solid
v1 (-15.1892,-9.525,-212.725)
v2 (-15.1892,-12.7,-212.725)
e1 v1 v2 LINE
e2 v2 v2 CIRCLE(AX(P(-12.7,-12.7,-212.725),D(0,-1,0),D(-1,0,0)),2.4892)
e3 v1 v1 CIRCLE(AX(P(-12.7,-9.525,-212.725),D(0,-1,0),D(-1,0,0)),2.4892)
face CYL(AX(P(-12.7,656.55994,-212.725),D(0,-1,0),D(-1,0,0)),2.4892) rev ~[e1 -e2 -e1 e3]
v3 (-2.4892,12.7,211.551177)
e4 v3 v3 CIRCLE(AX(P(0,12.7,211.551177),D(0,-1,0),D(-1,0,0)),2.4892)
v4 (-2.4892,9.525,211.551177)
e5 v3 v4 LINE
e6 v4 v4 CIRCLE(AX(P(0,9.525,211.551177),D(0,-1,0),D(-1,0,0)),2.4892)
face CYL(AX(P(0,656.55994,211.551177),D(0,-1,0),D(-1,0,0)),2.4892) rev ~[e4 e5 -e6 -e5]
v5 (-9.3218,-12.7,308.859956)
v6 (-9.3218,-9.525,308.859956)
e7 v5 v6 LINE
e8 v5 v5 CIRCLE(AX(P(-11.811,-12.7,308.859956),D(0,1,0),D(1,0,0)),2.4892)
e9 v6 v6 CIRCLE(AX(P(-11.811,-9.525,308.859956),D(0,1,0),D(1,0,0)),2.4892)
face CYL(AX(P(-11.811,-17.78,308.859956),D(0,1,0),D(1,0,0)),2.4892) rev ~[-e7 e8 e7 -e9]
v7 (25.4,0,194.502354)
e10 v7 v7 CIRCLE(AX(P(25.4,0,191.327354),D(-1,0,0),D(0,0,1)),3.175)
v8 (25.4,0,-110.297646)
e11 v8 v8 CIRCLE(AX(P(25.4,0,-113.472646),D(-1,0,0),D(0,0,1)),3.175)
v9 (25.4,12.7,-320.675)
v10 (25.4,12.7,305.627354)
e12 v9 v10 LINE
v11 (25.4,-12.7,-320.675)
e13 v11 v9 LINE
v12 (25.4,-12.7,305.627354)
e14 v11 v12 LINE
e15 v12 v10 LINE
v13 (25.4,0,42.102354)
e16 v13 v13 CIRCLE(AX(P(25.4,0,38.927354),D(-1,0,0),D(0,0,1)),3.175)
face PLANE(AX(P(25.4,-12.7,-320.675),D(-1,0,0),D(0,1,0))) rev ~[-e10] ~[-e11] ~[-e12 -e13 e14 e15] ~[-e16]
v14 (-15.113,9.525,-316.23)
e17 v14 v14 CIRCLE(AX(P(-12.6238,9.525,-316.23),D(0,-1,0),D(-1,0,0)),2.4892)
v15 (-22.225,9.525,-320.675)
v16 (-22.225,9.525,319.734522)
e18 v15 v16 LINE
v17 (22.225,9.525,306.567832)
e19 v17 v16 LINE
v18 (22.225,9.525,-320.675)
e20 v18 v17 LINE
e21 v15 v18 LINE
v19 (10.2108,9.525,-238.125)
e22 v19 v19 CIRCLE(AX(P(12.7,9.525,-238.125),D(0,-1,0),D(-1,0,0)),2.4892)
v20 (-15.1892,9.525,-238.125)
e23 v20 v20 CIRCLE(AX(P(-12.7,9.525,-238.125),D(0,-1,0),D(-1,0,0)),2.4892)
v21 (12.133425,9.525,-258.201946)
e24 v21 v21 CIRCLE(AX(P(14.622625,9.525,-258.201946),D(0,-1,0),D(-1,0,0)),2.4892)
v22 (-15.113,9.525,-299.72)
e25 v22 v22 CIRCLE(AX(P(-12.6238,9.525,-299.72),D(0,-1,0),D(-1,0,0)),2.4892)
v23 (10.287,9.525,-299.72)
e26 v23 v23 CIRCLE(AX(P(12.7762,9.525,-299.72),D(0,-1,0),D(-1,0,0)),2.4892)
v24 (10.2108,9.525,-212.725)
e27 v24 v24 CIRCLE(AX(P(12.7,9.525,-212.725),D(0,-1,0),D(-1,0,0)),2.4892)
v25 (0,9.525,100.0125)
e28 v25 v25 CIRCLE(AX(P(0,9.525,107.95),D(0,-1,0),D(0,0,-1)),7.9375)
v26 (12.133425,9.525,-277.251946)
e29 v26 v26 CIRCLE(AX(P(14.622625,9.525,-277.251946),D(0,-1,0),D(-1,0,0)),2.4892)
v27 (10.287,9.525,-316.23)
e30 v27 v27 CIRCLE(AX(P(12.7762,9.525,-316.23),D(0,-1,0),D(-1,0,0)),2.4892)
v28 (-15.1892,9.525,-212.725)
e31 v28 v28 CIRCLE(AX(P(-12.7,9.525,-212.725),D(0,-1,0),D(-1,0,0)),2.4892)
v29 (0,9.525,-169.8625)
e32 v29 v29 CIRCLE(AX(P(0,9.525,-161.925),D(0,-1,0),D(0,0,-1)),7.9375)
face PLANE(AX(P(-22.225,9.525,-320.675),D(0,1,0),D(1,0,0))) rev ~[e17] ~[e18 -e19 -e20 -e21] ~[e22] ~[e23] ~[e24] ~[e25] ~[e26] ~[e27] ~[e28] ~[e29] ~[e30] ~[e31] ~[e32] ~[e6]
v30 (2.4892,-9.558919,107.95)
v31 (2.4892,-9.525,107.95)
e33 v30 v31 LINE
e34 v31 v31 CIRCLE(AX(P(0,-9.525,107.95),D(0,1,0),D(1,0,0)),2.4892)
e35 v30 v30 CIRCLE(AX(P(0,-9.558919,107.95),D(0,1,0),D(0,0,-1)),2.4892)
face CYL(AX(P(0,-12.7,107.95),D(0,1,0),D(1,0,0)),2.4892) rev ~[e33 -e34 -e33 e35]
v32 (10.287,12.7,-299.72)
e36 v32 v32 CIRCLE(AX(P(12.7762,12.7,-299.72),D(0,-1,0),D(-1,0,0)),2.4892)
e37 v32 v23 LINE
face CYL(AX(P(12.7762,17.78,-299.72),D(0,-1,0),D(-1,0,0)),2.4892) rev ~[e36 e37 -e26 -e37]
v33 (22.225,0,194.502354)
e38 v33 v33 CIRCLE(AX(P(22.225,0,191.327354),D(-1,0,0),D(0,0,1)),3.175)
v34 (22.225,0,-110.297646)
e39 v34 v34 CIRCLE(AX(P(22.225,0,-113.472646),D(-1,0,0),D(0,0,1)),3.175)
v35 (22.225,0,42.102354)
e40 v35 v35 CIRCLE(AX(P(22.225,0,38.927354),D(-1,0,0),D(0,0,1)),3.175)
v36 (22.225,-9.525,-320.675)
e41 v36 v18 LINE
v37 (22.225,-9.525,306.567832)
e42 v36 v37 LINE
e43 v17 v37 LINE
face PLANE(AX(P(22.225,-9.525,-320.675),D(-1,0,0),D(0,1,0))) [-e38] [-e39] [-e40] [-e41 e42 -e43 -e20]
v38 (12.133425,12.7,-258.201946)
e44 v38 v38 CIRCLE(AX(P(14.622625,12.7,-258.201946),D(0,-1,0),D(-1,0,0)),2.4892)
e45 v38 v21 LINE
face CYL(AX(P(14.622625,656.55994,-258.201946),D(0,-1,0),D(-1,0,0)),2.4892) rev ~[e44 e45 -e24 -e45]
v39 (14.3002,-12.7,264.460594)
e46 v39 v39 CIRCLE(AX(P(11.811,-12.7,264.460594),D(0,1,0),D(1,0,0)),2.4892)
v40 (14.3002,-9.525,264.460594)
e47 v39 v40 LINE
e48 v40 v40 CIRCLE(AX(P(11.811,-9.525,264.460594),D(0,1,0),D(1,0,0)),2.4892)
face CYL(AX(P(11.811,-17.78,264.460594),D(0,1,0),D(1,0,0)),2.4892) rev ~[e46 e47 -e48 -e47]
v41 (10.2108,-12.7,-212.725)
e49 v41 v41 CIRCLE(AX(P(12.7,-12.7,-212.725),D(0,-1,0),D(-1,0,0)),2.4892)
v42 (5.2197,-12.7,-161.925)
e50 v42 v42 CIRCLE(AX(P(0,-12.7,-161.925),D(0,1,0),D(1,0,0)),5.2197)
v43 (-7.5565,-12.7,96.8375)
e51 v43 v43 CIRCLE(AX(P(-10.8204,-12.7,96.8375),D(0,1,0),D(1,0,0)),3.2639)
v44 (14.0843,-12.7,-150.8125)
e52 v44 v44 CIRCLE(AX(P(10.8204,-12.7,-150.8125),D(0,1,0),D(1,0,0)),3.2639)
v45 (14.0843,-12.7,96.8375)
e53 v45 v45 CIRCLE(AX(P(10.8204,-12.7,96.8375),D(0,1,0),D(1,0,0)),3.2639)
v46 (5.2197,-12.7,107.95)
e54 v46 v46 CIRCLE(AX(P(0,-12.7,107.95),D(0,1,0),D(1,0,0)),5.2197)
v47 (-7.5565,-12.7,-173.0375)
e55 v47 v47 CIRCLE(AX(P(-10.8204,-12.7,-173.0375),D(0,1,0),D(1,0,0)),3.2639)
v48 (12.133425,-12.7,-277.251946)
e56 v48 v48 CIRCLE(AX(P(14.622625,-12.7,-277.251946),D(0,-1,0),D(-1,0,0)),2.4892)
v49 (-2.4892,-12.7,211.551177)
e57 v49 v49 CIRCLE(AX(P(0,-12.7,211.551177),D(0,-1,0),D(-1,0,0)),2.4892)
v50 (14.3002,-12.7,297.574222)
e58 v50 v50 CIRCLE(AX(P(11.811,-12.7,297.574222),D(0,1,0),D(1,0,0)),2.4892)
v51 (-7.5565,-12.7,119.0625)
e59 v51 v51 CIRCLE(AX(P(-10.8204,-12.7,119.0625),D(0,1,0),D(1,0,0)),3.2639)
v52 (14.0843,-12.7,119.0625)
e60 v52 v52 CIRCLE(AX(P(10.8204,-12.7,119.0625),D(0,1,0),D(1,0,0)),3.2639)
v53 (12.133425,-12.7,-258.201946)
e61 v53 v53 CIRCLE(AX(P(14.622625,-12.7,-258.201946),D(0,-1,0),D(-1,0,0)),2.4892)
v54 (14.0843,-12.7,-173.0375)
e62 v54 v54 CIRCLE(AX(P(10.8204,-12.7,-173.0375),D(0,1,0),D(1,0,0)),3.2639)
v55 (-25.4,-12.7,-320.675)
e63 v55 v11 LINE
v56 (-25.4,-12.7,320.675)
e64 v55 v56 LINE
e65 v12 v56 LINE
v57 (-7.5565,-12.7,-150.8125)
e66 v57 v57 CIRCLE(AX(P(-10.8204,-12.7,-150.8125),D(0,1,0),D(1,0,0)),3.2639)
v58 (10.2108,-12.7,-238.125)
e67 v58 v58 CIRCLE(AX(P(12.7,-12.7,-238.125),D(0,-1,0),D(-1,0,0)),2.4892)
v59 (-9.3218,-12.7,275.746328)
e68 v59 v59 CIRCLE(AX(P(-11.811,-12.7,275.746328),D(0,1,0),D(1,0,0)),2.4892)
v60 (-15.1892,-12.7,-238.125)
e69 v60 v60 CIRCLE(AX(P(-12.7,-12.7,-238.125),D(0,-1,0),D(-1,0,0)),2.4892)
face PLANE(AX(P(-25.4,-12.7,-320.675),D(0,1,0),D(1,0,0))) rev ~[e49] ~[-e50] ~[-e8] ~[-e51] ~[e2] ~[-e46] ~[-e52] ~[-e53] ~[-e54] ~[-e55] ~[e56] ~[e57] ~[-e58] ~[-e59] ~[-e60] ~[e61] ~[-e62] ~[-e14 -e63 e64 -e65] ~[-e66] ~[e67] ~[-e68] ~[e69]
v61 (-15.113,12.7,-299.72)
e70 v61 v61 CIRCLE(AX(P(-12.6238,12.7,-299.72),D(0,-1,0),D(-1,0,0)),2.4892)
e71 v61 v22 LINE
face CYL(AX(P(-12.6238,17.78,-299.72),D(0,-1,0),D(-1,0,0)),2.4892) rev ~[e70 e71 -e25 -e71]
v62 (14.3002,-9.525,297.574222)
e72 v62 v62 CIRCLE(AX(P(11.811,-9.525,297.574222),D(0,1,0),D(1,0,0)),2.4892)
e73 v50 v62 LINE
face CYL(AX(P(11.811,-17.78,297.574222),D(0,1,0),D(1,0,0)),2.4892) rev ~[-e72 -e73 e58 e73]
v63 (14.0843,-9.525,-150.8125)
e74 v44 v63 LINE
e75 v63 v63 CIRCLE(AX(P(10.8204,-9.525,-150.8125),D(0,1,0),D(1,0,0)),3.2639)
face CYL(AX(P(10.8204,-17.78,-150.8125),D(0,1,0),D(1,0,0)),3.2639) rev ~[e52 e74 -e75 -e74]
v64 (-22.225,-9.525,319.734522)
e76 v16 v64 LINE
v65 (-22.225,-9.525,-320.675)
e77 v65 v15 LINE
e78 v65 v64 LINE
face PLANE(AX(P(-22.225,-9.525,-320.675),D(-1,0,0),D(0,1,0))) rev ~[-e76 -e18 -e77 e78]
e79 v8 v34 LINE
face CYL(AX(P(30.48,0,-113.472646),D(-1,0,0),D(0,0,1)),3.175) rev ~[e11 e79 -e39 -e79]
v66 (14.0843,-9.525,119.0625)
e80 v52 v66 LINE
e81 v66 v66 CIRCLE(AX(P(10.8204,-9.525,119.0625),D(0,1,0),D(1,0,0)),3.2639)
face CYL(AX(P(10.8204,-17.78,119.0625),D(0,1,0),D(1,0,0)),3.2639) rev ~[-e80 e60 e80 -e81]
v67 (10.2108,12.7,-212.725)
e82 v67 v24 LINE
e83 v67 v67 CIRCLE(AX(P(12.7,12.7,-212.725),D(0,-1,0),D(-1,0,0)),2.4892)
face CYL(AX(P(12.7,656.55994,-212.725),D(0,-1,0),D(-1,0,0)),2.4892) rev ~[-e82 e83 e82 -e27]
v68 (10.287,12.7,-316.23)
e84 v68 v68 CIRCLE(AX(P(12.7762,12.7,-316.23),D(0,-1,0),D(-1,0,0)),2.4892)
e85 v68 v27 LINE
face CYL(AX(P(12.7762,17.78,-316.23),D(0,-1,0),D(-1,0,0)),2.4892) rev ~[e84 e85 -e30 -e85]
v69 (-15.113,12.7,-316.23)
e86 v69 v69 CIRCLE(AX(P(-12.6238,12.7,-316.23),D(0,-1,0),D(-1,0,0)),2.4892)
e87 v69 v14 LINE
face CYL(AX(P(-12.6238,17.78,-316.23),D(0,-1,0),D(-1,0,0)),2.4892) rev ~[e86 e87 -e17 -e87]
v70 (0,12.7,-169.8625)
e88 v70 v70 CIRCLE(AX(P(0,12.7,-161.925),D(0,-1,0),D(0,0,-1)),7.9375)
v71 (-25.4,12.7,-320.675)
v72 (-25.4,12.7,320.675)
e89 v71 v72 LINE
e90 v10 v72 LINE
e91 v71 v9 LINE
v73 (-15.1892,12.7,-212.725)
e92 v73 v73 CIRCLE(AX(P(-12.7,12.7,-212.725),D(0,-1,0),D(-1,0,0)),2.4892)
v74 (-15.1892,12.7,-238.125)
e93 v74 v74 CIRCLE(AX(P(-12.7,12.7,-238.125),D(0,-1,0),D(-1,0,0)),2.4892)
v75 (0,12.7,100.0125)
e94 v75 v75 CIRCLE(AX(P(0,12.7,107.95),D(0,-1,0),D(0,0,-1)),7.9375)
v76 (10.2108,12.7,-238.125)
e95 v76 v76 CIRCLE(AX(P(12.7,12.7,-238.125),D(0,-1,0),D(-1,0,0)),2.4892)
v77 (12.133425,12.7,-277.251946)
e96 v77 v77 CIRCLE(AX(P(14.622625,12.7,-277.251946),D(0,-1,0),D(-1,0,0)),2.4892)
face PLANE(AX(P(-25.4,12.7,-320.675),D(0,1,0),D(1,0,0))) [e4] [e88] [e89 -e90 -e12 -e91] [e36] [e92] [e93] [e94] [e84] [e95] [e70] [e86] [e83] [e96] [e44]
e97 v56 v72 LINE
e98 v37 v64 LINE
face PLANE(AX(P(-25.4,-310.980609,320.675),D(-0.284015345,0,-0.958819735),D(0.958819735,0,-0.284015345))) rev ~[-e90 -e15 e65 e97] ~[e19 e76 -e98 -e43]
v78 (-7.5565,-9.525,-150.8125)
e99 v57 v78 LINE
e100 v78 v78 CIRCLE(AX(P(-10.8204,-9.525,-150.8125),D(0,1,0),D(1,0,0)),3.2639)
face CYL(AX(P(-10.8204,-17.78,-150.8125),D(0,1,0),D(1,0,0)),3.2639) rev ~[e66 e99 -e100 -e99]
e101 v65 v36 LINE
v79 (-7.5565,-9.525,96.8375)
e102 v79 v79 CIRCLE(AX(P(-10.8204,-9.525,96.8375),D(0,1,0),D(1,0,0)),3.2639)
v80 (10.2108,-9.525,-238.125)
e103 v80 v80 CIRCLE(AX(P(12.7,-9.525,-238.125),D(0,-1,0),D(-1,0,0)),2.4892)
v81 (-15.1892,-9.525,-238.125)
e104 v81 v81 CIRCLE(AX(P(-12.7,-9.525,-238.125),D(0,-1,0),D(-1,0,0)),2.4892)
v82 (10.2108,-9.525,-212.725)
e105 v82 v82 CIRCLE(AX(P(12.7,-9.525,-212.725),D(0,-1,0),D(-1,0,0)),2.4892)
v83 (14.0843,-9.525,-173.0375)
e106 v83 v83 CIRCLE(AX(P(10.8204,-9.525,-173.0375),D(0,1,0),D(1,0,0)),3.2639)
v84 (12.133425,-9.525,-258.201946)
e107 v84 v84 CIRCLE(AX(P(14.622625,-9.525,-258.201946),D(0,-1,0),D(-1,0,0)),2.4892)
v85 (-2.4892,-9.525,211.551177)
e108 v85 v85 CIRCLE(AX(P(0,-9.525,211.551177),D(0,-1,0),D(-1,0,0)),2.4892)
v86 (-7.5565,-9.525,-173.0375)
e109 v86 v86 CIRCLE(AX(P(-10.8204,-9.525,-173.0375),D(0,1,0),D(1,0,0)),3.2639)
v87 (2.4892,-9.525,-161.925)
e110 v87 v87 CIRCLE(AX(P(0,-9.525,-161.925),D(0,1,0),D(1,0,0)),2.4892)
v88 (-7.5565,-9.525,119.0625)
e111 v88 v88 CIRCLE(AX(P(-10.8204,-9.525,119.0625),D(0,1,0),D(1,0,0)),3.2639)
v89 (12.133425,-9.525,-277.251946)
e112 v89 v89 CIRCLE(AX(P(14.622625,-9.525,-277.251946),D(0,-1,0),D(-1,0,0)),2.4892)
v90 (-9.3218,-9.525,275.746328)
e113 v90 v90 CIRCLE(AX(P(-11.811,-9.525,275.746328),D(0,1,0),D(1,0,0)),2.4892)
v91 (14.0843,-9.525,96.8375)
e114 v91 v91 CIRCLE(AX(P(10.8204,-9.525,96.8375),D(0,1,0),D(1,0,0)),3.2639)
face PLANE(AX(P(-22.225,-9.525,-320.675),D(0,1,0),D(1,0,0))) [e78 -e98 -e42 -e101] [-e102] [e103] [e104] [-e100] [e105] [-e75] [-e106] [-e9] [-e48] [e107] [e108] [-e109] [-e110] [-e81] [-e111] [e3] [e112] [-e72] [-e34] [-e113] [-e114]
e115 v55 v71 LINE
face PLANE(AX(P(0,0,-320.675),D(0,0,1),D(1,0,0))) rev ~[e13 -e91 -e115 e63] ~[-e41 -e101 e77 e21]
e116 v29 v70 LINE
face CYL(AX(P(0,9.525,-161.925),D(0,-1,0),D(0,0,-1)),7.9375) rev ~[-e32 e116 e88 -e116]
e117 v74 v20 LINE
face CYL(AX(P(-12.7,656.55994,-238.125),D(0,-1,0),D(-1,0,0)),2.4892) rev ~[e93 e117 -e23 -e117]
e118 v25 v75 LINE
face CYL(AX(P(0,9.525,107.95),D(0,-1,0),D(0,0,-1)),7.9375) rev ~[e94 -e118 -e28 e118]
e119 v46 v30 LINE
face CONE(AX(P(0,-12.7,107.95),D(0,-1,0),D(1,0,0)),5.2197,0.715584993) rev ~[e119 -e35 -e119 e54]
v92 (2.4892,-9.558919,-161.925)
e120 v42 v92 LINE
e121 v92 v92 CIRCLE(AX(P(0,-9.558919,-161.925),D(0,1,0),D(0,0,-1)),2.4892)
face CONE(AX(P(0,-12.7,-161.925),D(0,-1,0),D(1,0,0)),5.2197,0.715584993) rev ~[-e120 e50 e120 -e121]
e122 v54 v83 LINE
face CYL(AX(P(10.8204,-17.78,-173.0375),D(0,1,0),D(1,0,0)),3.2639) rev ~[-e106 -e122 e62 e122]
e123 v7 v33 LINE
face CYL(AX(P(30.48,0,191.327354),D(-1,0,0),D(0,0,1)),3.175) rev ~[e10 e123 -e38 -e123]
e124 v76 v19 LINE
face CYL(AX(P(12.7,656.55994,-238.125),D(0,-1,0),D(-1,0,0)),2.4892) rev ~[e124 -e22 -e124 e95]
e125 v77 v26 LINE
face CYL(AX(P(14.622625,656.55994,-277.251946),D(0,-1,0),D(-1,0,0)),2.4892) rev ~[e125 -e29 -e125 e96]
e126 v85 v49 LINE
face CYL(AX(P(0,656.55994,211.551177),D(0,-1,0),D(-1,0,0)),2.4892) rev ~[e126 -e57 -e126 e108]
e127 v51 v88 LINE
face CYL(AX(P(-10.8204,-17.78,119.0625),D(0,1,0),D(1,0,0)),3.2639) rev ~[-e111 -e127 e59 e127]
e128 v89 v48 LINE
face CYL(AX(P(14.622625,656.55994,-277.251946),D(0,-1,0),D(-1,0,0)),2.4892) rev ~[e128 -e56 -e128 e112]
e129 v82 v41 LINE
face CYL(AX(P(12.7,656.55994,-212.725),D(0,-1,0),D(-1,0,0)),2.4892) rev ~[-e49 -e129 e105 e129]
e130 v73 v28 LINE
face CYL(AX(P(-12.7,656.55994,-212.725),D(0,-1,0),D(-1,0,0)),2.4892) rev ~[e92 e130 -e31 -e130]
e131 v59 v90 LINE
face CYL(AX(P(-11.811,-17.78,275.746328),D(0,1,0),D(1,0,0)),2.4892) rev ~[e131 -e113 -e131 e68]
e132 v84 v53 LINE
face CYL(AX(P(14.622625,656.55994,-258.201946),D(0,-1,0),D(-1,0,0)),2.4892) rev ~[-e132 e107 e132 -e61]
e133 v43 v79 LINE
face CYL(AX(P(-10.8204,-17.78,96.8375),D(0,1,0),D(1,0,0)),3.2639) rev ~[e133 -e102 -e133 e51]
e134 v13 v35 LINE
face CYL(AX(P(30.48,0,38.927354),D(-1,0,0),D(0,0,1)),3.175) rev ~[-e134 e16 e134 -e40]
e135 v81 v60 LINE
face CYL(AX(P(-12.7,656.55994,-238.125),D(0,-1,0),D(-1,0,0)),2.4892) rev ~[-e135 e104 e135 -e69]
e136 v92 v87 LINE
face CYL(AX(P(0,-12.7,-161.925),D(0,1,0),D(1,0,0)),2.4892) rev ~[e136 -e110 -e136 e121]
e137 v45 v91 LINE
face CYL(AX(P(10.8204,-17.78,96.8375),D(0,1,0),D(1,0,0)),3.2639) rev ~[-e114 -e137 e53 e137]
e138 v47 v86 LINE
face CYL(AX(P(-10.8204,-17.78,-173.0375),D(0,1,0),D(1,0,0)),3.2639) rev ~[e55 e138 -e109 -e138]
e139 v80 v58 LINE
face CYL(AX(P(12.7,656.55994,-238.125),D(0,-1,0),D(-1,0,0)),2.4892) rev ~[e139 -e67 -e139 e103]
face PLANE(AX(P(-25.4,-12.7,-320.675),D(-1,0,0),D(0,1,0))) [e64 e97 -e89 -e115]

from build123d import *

# Parameters (mm, degrees)
BOSS_EXTRUDE1_DEPTH              = 320.675
BOSS_EXTRUDE1_DEPTH_BACK         = 320.675
SKETCH3_W                        = 50.8
SKETCH3_H                        = 25.4
SKETCH3_W_2                      = 44.45
SKETCH3_H_2                      = 19.05
CUT_EXTRUDE1_DEPTH               = 323.680609311
CUT_EXTRUDE1_DEPTH_BACK          = 323.680609311
F_10_CLEARANCE_HOLE1_D           = 4.9784
F_10_CLEARANCE_HOLE1_DEPTH       = 5.08
F_10_CLEARANCE_HOLE1_TIP         = 1.495662253
F_10_CLEARANCE_HOLE2_D           = 4.9784
F_10_CLEARANCE_HOLE2_DEPTH       = 5.08
F_10_CLEARANCE_HOLE2_TIP         = 1.495662253
F_10_CLEARANCE_HOLE3_D           = 4.9784
F_10_CLEARANCE_HOLE4_D           = 4.9784
F_1_4_CLEARANCE_HOLE1_D          = 6.5278
F_1_4_CLEARANCE_HOLE1_DEPTH      = 5.08
F_1_4_CLEARANCE_HOLE1_TIP        = 1.961148974
F_1_4_0_25_DIAMETER_HOLE1_D      = 6.35
F_1_4_0_25_DIAMETER_HOLE1_DEPTH  = 5.08
F_1_4_0_25_DIAMETER_HOLE1_TIP    = 1.907732465
F_10_CLEARANCE_HOLE5_D           = 4.9784
F_10_CLEARANCE_HOLE5_DEPTH       = 5.08
F_10_CLEARANCE_HOLE5_CSINK_D     = 10.4394
F_10_CLEARANCE_HOLE5_CSINK_ANGLE = 82
F_10_CLEARANCE_HOLE5_TIP         = 1.495662253
SKETCH26_R                       = 7.9375
CUT_EXTRUDE2_DEPTH               = 323.44622226


with BuildPart() as part:
    # Sketch3 → Boss-Extrude1 (new, two sides: drawn at the far end of the back side and taken through both)
    with BuildSketch(Plane.XY.offset(-BOSS_EXTRUDE1_DEPTH_BACK)):
        Rectangle(SKETCH3_W, SKETCH3_H)
        Rectangle(SKETCH3_W_2, SKETCH3_H_2, mode=Mode.SUBTRACT)
    extrude(amount=BOSS_EXTRUDE1_DEPTH + BOSS_EXTRUDE1_DEPTH_BACK)

    # Sketch4 → Cut-Extrude1 (cut, two sides: drawn at the far end of the back side and taken through both)
    with BuildSketch(Plane(origin=(0, 12.7, 0), x_dir=(1, 0, 0), z_dir=(0, 1, 0)).offset(-CUT_EXTRUDE1_DEPTH_BACK)):
        Polygon((1322.117470931, -320.675), (25.4, -320.675), (-25.4, -320.675), (25.4, -305.627354456), (1268.718301677, 62.660305034), (3837.350959621, 420.474595165), (3890.750128875, 37.139290131), align=None)
    extrude(amount=CUT_EXTRUDE1_DEPTH + CUT_EXTRUDE1_DEPTH_BACK, mode=Mode.SUBTRACT)

    # #10 Clearance Hole1
    with Locations(Plane(origin=(0, -12.7, 0), x_dir=(-1, 0, 0), z_dir=(0, -1, 0))):
        with Locations((-11.811, -264.460593775), (11.811, -275.746327933), (-11.811, -297.574221755), (11.811, -308.859955913)):
            Hole(F_10_CLEARANCE_HOLE1_D / 2, depth=F_10_CLEARANCE_HOLE1_DEPTH)
            with Locations((0, 0, -(F_10_CLEARANCE_HOLE1_DEPTH + F_10_CLEARANCE_HOLE1_TIP / 2))):  # 118° drill point
                Cone(0, F_10_CLEARANCE_HOLE1_D / 2, F_10_CLEARANCE_HOLE1_TIP, mode=Mode.SUBTRACT)

    # #10 Clearance Hole2
    with Locations(Plane(origin=(0, 12.7, 0), x_dir=(1, 0, 0), z_dir=(0, 1, 0))):
        with Locations((12.7762, 299.72), (-12.6238, 299.72), (12.7762, 316.23), (-12.6238, 316.23)):
            Hole(F_10_CLEARANCE_HOLE2_D / 2, depth=F_10_CLEARANCE_HOLE2_DEPTH)
            with Locations((0, 0, -(F_10_CLEARANCE_HOLE2_DEPTH + F_10_CLEARANCE_HOLE2_TIP / 2))):  # 118° drill point
                Cone(0, F_10_CLEARANCE_HOLE2_D / 2, F_10_CLEARANCE_HOLE2_TIP, mode=Mode.SUBTRACT)

    # #10 Clearance Hole3 (through all)
    with Locations(Plane(origin=(0, 12.7, 0), x_dir=(1, 0, 0), z_dir=(0, 1, 0))):
        with Locations((-12.7, 212.725), (12.7, 212.725), (12.7, 238.125), (-12.7, 238.125), (14.622625311, 277.25194622), (14.622625311, 258.20194622)):
            Hole(F_10_CLEARANCE_HOLE3_D / 2)

    # #10 Clearance Hole4 (through all)
    with Locations(Plane(origin=(0, 12.7, 0), x_dir=(1, 0, 0), z_dir=(0, 1, 0))):
        with Locations((0, -211.551177228)):
            Hole(F_10_CLEARANCE_HOLE4_D / 2)

    # 1/4 Clearance Hole1
    with Locations(Plane(origin=(0, -12.7, 0), x_dir=(-1, 0, 0), z_dir=(0, -1, 0))):
        with Locations((-10.8204, -96.8375), (-10.8204, -119.0625), (10.8204, -119.0625), (10.8204, -96.8375), (10.8204, 173.0375), (-10.8204, 173.0375), (-10.8204, 150.8125), (10.8204, 150.8125)):
            Hole(F_1_4_CLEARANCE_HOLE1_D / 2, depth=F_1_4_CLEARANCE_HOLE1_DEPTH)
            with Locations((0, 0, -(F_1_4_CLEARANCE_HOLE1_DEPTH + F_1_4_CLEARANCE_HOLE1_TIP / 2))):  # 118° drill point
                Cone(0, F_1_4_CLEARANCE_HOLE1_D / 2, F_1_4_CLEARANCE_HOLE1_TIP, mode=Mode.SUBTRACT)

    # 1/4 (0.25) Diameter Hole1
    with Locations(Plane(origin=(25.4, 0, 0), x_dir=(0, 0, -1), z_dir=(1, 0, 0))):
        with Locations((-191.327354456, 0), (-38.927354456, 0), (113.472645544, 0)):
            Hole(F_1_4_0_25_DIAMETER_HOLE1_D / 2, depth=F_1_4_0_25_DIAMETER_HOLE1_DEPTH)
            with Locations((0, 0, -(F_1_4_0_25_DIAMETER_HOLE1_DEPTH + F_1_4_0_25_DIAMETER_HOLE1_TIP / 2))):  # 118° drill point
                Cone(0, F_1_4_0_25_DIAMETER_HOLE1_D / 2, F_1_4_0_25_DIAMETER_HOLE1_TIP, mode=Mode.SUBTRACT)

    # #10 Clearance Hole5
    with Locations(Plane(origin=(0, -12.7, 0), x_dir=(-1, 0, 0), z_dir=(0, -1, 0))):
        with Locations((0, -107.95), (0, 161.925)):
            CounterSinkHole(F_10_CLEARANCE_HOLE5_D / 2, F_10_CLEARANCE_HOLE5_CSINK_D / 2, depth=F_10_CLEARANCE_HOLE5_DEPTH, counter_sink_angle=F_10_CLEARANCE_HOLE5_CSINK_ANGLE)
            with Locations((0, 0, -(F_10_CLEARANCE_HOLE5_DEPTH + F_10_CLEARANCE_HOLE5_TIP / 2))):  # 118° drill point
                Cone(0, F_10_CLEARANCE_HOLE5_D / 2, F_10_CLEARANCE_HOLE5_TIP, mode=Mode.SUBTRACT)

    # Sketch26 → Cut-Extrude2 (cut, through all)
    with BuildSketch(Plane.XZ.offset(-9.525)):
        with Locations(Location((0, 107.95, 0), (0, 0, 270))):
            Circle(SKETCH26_R)
        with Locations(Location((0, -161.925, 0), (0, 0, 270))):
            Circle(SKETCH26_R)
    extrude(amount=-CUT_EXTRUDE2_DEPTH, mode=Mode.SUBTRACT)


solid = part.part
